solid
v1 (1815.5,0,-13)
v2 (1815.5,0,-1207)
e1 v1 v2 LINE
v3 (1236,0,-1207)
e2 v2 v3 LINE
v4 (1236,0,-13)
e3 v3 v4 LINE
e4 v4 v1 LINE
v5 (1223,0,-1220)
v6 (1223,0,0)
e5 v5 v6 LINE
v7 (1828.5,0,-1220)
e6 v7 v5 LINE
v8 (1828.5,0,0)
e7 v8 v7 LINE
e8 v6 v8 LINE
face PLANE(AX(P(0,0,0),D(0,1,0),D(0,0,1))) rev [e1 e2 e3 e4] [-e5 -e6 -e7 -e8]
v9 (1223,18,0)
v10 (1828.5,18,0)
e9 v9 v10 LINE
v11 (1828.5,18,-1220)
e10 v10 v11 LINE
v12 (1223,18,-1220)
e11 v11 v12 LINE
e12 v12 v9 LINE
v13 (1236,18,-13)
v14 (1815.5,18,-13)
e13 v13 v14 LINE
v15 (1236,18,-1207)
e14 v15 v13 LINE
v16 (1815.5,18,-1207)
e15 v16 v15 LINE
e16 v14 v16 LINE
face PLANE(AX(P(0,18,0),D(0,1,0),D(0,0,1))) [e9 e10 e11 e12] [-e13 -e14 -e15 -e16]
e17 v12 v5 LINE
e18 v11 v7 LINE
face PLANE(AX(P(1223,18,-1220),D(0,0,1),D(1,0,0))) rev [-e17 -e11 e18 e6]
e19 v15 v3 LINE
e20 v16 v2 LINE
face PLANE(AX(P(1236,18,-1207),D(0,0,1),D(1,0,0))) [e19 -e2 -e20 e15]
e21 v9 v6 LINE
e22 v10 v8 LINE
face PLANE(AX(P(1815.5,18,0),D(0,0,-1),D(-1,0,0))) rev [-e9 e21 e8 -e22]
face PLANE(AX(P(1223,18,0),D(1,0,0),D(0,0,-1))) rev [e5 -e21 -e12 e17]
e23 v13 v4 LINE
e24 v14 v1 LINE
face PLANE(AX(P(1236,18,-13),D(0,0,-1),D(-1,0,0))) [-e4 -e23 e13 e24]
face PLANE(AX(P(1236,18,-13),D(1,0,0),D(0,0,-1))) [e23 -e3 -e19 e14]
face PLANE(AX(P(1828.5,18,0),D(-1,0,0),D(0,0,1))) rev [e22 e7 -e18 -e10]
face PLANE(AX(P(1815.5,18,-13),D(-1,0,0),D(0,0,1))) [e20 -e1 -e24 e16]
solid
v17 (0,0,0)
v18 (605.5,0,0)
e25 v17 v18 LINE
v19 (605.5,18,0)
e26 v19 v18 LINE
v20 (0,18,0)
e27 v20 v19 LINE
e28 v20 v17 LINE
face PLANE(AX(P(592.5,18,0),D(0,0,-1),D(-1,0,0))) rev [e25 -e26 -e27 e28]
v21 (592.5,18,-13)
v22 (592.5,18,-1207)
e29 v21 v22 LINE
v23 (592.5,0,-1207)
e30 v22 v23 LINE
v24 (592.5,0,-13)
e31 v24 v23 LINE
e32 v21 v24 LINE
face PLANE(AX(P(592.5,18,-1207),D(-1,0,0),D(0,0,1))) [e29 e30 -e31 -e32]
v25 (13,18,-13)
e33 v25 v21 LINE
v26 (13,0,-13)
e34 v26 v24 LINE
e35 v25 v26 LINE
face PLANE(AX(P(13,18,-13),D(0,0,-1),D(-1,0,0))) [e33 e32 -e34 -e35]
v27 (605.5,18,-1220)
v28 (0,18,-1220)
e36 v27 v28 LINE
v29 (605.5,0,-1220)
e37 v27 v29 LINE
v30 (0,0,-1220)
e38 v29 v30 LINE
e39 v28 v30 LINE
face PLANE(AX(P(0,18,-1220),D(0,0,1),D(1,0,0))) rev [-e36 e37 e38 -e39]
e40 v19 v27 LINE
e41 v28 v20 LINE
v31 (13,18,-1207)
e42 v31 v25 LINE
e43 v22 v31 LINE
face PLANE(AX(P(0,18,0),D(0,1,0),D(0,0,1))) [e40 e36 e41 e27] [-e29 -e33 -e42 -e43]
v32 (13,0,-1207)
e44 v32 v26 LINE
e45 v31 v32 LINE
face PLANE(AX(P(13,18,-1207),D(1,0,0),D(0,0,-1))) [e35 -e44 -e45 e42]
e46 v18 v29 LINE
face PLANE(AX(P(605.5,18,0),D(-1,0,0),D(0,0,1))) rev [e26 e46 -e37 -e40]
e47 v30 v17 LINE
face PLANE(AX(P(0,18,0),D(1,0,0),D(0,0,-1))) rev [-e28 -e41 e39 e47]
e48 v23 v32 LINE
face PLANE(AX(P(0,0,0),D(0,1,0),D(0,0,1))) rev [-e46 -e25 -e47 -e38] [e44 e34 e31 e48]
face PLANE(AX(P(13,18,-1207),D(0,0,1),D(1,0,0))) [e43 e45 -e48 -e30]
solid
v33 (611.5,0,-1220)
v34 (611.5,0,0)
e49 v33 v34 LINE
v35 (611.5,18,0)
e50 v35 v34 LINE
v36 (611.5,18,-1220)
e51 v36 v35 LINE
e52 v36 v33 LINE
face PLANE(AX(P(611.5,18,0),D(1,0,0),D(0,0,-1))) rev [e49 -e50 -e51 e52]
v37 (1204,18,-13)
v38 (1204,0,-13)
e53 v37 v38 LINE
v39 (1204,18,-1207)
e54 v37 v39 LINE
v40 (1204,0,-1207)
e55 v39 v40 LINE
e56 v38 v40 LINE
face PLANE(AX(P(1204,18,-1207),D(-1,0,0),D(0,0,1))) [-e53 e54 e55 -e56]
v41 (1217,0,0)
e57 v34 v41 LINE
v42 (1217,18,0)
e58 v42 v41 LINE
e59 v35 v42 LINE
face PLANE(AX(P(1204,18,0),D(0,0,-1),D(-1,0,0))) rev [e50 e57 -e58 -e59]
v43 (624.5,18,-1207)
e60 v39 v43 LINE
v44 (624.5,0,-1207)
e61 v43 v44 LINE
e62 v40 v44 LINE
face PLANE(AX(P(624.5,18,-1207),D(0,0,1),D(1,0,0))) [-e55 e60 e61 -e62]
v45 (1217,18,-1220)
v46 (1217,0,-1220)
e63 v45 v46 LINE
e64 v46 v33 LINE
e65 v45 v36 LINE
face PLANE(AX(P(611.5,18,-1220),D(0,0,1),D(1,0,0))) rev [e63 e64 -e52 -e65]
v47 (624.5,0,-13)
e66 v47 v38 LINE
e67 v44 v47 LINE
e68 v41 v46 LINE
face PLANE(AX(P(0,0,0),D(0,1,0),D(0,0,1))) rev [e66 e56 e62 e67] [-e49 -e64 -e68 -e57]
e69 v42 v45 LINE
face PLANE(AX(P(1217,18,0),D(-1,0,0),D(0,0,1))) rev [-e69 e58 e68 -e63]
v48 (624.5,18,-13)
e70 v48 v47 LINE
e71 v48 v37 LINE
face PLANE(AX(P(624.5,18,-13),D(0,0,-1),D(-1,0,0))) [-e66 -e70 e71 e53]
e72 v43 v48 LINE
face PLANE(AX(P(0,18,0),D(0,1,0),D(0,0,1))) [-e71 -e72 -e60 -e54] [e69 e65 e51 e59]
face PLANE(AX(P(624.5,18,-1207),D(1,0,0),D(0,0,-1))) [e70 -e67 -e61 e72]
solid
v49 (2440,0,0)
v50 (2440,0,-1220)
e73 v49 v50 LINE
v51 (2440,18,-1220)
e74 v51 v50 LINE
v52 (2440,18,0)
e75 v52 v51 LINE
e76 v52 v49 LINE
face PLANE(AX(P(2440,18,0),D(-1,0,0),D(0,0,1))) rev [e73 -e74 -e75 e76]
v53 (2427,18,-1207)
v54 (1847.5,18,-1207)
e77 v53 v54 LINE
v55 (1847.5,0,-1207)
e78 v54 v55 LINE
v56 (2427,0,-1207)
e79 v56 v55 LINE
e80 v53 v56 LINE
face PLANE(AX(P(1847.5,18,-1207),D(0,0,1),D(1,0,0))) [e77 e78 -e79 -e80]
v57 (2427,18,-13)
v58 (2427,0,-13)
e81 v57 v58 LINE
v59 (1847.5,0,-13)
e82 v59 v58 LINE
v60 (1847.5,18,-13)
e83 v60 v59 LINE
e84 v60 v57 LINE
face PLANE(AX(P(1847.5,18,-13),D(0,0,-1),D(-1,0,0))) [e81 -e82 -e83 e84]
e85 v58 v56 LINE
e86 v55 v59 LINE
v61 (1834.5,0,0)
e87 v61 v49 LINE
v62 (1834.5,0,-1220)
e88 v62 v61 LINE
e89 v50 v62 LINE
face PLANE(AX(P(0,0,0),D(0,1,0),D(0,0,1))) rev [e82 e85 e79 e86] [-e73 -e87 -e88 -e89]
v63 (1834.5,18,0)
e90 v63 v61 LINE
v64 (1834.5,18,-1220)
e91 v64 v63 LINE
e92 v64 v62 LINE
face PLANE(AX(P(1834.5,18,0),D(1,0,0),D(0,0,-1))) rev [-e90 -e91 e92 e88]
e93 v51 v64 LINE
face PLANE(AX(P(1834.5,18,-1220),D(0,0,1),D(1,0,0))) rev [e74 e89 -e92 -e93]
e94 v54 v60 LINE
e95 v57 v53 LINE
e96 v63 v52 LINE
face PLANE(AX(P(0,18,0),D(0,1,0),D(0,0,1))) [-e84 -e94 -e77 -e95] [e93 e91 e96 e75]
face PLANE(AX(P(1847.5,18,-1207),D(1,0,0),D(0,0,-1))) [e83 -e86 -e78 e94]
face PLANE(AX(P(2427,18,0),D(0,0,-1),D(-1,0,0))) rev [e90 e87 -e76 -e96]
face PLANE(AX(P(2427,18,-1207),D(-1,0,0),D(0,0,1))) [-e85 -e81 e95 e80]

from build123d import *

# Parameters (mm, degrees)
SKETCH1_W            = 579.5
SKETCH1_H            = 1194
BOSS_EXTRU_1_DEPTH   = 18
BOSS_EXTRU_1_2_DEPTH = 18
BOSS_EXTRU_1_3_DEPTH = 18
BOSS_EXTRU_1_4_DEPTH = 18


with BuildPart() as part:
    # Sketch1 → Boss.-Extru.1 (new body)
    with BuildSketch(Plane(origin=(0, 0, 0), x_dir=(1, 0, 0), z_dir=(0, 1, 0))):
        Polygon((0, 0), (0, 1220), (605.5, 1220), (605.5, 0), (592.5, 0), (13, 0), align=None)
        with Locations((302.75, 610)):
            Rectangle(SKETCH1_W, SKETCH1_H, mode=Mode.SUBTRACT)
    extrude(amount=BOSS_EXTRU_1_DEPTH)


with BuildPart() as body_2:
    # Sketch1 → Boss.-Extru.1 2 (new body)
    with BuildSketch(Plane(origin=(0, 0, 0), x_dir=(1, 0, 0), z_dir=(0, 1, 0))):
        Polygon((2440, 0), (2440, 1220), (1834.5, 1220), (1834.5, 0), (1847.5, 0), (2427, 0), align=None)
        with Locations((2137.25, 610)):
            Rectangle(SKETCH1_W, SKETCH1_H, mode=Mode.SUBTRACT)
    extrude(amount=BOSS_EXTRU_1_2_DEPTH)


with BuildPart() as body_3:
    # Sketch1 → Boss.-Extru.1 3 (new body)
    with BuildSketch(Plane(origin=(0, 0, 0), x_dir=(1, 0, 0), z_dir=(0, 1, 0))):
        Polygon((624.5, 0), (1204, 0), (1217, 0), (1217, 1220), (611.5, 1220), (611.5, 0), align=None)
        with Locations((914.25, 610)):
            Rectangle(SKETCH1_W, SKETCH1_H, mode=Mode.SUBTRACT)
    extrude(amount=BOSS_EXTRU_1_3_DEPTH)


with BuildPart() as body_4:
    # Sketch1 → Boss.-Extru.1 4 (new body)
    with BuildSketch(Plane(origin=(0, 0, 0), x_dir=(1, 0, 0), z_dir=(0, 1, 0))):
        Polygon((1236, 0), (1815.5, 0), (1828.5, 0), (1828.5, 1220), (1223, 1220), (1223, 0), align=None)
        with Locations((1525.75, 610)):
            Rectangle(SKETCH1_W, SKETCH1_H, mode=Mode.SUBTRACT)
    extrude(amount=BOSS_EXTRU_1_4_DEPTH)


solid = Compound([part.part, body_2.part, body_3.part, body_4.part])
